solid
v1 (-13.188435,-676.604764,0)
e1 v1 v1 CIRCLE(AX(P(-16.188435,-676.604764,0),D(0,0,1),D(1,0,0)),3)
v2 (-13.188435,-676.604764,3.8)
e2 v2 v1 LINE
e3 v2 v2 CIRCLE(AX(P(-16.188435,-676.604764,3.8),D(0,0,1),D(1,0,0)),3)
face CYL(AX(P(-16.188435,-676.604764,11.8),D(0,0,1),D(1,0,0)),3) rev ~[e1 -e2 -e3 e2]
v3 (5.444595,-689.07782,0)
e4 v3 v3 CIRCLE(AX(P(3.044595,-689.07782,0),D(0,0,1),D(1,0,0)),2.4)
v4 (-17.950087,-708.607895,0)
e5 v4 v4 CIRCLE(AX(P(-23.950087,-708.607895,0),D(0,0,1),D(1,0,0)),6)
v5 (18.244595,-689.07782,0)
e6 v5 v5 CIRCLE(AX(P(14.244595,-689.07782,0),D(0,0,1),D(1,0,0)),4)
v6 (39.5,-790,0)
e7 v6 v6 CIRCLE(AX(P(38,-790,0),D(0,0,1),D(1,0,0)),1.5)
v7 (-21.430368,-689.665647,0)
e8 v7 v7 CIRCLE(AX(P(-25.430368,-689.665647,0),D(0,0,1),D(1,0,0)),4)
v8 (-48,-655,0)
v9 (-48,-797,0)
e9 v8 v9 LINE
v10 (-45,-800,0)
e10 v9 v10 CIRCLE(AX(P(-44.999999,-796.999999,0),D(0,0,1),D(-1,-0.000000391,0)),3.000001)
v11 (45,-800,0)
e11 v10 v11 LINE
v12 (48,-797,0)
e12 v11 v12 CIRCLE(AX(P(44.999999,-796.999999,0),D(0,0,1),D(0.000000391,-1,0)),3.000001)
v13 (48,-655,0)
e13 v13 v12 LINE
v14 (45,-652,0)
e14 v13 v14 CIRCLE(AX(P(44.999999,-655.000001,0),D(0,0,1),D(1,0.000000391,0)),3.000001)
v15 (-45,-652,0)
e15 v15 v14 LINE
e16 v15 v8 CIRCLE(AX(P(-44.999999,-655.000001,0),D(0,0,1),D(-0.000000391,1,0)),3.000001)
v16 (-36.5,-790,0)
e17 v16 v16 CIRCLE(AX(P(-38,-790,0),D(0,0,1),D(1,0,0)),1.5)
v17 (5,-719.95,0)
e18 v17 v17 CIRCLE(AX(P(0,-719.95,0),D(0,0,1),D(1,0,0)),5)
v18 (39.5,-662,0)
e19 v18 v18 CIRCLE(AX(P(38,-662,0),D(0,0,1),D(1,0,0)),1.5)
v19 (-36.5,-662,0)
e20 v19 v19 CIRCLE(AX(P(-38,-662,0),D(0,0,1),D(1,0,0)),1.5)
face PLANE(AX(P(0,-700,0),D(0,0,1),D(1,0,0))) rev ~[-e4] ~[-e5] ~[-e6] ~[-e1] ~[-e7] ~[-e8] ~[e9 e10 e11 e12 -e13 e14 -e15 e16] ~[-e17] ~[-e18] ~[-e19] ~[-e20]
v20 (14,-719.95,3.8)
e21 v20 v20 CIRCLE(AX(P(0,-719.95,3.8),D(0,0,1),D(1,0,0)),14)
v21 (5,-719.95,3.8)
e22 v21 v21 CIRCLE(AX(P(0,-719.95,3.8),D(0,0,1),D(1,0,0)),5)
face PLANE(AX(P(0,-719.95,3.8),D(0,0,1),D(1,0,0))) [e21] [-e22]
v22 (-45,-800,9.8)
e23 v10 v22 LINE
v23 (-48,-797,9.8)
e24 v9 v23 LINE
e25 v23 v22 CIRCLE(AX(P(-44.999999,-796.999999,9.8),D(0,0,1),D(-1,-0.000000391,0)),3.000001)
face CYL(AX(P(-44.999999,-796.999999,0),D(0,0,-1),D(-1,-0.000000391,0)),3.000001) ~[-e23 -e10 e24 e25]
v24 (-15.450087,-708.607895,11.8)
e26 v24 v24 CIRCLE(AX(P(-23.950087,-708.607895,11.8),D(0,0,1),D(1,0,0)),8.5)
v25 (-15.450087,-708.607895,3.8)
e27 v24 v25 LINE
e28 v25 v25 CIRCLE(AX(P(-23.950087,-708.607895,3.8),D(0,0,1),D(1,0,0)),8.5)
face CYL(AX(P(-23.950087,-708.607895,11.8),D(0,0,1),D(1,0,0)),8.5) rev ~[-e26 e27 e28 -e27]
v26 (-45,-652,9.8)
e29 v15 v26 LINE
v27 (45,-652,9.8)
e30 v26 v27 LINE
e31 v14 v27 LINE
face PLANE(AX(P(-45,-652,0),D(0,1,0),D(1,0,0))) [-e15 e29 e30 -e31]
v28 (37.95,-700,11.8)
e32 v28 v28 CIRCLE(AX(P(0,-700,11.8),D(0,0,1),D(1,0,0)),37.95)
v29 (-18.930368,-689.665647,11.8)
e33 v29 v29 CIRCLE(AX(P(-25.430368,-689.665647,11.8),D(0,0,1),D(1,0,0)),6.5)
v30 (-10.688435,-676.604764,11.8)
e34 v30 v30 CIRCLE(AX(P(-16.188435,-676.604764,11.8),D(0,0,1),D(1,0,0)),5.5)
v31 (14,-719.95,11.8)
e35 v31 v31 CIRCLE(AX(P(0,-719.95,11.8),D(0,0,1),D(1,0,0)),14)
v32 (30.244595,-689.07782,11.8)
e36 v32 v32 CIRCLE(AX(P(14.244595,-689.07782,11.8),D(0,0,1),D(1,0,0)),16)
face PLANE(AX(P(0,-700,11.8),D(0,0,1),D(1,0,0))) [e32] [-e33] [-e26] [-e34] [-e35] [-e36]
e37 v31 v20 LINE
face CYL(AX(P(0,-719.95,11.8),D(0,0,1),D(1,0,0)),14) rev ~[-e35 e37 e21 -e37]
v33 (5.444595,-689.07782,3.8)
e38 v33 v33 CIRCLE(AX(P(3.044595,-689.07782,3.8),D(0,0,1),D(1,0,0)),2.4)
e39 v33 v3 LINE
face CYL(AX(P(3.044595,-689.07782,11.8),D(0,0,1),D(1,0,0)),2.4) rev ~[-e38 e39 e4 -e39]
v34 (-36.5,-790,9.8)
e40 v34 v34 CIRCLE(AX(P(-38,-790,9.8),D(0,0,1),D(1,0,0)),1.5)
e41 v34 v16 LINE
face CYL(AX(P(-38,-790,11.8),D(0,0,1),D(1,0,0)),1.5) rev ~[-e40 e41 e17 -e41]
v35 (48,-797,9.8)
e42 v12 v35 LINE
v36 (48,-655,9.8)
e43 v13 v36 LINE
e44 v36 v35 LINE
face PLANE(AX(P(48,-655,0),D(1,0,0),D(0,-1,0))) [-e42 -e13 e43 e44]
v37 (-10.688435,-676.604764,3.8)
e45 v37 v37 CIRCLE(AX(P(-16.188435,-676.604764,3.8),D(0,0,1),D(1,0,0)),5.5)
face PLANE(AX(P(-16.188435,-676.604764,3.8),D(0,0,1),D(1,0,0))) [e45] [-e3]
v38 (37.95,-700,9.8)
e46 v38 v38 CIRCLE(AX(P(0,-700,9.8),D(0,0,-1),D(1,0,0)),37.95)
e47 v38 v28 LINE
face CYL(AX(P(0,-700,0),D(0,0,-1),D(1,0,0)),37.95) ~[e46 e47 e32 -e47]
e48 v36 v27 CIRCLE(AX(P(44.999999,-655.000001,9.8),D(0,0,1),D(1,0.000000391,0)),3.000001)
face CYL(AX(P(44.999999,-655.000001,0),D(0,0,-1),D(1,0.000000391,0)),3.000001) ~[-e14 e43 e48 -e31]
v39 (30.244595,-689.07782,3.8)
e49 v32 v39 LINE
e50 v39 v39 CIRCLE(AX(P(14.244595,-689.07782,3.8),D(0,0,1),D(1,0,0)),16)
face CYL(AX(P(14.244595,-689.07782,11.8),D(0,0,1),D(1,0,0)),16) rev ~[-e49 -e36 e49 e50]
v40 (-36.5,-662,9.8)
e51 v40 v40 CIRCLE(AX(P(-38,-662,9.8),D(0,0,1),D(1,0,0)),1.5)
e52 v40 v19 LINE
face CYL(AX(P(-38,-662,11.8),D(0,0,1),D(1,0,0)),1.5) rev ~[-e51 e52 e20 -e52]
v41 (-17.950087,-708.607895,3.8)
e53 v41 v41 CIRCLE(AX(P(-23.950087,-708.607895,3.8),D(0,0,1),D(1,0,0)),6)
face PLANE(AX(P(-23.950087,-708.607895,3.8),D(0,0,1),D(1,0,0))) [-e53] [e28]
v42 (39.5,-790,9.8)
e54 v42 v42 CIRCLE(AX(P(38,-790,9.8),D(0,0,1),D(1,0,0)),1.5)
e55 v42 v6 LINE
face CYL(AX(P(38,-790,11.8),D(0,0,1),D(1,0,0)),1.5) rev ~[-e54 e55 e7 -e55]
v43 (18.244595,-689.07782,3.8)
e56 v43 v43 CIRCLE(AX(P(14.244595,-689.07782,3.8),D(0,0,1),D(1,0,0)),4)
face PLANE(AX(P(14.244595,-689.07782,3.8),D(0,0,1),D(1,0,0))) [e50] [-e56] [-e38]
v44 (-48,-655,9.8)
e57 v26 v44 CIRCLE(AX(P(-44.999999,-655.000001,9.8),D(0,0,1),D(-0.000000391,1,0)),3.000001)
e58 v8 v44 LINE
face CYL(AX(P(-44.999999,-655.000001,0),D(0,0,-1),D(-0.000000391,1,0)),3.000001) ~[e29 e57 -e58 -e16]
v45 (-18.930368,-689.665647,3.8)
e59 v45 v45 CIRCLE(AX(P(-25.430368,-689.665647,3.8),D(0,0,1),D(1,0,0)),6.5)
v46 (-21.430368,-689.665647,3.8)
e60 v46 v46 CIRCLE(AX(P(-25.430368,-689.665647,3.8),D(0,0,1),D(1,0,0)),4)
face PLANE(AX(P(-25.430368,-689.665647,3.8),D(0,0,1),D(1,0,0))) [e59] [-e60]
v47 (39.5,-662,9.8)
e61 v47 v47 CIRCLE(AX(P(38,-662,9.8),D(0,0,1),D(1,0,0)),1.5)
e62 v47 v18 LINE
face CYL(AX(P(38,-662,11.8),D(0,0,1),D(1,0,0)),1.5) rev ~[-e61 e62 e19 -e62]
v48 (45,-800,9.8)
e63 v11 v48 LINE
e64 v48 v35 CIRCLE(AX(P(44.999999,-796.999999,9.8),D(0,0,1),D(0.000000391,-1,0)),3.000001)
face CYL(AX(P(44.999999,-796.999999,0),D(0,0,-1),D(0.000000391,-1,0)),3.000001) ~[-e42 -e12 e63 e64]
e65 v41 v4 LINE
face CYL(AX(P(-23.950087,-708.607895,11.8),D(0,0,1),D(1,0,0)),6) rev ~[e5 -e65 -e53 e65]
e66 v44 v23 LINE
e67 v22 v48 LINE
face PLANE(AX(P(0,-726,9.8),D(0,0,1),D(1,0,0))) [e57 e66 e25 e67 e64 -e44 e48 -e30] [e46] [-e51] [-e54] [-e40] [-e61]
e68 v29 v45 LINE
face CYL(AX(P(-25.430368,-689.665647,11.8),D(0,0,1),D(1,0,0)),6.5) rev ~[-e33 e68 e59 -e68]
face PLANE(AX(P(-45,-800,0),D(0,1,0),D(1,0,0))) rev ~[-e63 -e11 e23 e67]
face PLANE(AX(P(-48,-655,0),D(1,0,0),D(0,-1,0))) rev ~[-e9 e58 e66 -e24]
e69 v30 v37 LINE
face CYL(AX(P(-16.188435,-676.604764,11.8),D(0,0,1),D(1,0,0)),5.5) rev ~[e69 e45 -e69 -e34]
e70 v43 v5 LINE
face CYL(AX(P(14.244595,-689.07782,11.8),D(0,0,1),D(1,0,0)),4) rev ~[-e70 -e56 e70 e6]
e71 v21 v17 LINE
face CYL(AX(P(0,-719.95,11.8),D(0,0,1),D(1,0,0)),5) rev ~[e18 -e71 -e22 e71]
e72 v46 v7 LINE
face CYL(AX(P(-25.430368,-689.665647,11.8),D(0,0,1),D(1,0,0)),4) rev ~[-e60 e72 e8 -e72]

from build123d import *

# Parameters (mm, degrees)
PAD004_DEPTH    = 9.8
SKETCH080_R     = 37.95
PAD016_DEPTH    = 11.8
SKETCH081_R     = 5.5
SKETCH081_R_2   = 6.5
SKETCH081_R_3   = 8.5
SKETCH081_R_4   = 14
SKETCH081_R_5   = 16
POCKET007_DEPTH = 8
SKETCH082_R     = 1.5
SKETCH082_R_2   = 4
SKETCH082_R_3   = 2.4
SKETCH082_R_4   = 3
SKETCH082_R_5   = 6
SKETCH082_R_6   = 5
POCKET008_DEPTH = 11.801


with BuildPart() as part:
    # Sketch041 → Pad004 (new body)
    with BuildSketch(Plane.XY):
        with BuildLine():
            Line((-48, 145), (-48, 3))
            ThreePointArc((-48, 3), (-47.12132, 0.87868), (-45, 0))
            Line((-45, 0), (45, 0))
            ThreePointArc((45, 0), (47.12132, 0.87868), (48, 3))
            Line((48, 145), (48, 3))
            ThreePointArc((48, 145), (47.12132, 147.12132), (45, 148))
            Line((-45, 148), (45, 148))
            ThreePointArc((-45, 148), (-47.12132, 147.12132), (-48, 145))
        make_face()
    extrude(amount=PAD004_DEPTH)

    # Sketch080 (on Pad) → Pad016 (join)
    with BuildSketch(Plane.XY):
        with Locations((0, 100)):
            Circle(SKETCH080_R)
    extrude(amount=PAD016_DEPTH)

    # Sketch081 (on Face13 of Pad016) → Pocket007 (cut)
    with BuildSketch(Plane.XY.offset(11.8)):
        with Locations((-16.188435, 123.395236)):
            Circle(SKETCH081_R)
        with Locations((-25.430368, 110.334353)):
            Circle(SKETCH081_R_2)
        with Locations((-23.950087, 91.392105)):
            Circle(SKETCH081_R_3)
        with Locations((0, 80.05)):
            Circle(SKETCH081_R_4)
        with Locations((14.244595, 110.92218)):
            Circle(SKETCH081_R_5)
    extrude(amount=-POCKET007_DEPTH, mode=Mode.SUBTRACT)

    # Sketch082 (on Face13 of Pocket007) → Pocket008 (cut, through all)
    with BuildSketch(Plane.XY.offset(11.8)):
        with Locations((-38, 138)):
            Circle(SKETCH082_R)
        with Locations((38, 138)):
            Circle(SKETCH082_R)
        with Locations((14.244595, 110.92218)):
            Circle(SKETCH082_R_2)
        with Locations((3.044595, 110.92218)):
            Circle(SKETCH082_R_3)
        with Locations((-16.188435, 123.395236)):
            Circle(SKETCH082_R_4)
        with Locations((-25.430368, 110.334353)):
            Circle(SKETCH082_R_2)
        with Locations((-23.950087, 91.392105)):
            Circle(SKETCH082_R_5)
        with Locations((0, 80.05)):
            Circle(SKETCH082_R_6)
        with Locations((-38, 10)):
            Circle(SKETCH082_R)
        with Locations((38, 10)):
            Circle(SKETCH082_R)
    extrude(amount=-POCKET008_DEPTH, mode=Mode.SUBTRACT)


with BuildPart() as part_1:
    # Body002 placement: moved
    add(part.part.moved(Location((0, -800, 0))))


solid = part_1.part
